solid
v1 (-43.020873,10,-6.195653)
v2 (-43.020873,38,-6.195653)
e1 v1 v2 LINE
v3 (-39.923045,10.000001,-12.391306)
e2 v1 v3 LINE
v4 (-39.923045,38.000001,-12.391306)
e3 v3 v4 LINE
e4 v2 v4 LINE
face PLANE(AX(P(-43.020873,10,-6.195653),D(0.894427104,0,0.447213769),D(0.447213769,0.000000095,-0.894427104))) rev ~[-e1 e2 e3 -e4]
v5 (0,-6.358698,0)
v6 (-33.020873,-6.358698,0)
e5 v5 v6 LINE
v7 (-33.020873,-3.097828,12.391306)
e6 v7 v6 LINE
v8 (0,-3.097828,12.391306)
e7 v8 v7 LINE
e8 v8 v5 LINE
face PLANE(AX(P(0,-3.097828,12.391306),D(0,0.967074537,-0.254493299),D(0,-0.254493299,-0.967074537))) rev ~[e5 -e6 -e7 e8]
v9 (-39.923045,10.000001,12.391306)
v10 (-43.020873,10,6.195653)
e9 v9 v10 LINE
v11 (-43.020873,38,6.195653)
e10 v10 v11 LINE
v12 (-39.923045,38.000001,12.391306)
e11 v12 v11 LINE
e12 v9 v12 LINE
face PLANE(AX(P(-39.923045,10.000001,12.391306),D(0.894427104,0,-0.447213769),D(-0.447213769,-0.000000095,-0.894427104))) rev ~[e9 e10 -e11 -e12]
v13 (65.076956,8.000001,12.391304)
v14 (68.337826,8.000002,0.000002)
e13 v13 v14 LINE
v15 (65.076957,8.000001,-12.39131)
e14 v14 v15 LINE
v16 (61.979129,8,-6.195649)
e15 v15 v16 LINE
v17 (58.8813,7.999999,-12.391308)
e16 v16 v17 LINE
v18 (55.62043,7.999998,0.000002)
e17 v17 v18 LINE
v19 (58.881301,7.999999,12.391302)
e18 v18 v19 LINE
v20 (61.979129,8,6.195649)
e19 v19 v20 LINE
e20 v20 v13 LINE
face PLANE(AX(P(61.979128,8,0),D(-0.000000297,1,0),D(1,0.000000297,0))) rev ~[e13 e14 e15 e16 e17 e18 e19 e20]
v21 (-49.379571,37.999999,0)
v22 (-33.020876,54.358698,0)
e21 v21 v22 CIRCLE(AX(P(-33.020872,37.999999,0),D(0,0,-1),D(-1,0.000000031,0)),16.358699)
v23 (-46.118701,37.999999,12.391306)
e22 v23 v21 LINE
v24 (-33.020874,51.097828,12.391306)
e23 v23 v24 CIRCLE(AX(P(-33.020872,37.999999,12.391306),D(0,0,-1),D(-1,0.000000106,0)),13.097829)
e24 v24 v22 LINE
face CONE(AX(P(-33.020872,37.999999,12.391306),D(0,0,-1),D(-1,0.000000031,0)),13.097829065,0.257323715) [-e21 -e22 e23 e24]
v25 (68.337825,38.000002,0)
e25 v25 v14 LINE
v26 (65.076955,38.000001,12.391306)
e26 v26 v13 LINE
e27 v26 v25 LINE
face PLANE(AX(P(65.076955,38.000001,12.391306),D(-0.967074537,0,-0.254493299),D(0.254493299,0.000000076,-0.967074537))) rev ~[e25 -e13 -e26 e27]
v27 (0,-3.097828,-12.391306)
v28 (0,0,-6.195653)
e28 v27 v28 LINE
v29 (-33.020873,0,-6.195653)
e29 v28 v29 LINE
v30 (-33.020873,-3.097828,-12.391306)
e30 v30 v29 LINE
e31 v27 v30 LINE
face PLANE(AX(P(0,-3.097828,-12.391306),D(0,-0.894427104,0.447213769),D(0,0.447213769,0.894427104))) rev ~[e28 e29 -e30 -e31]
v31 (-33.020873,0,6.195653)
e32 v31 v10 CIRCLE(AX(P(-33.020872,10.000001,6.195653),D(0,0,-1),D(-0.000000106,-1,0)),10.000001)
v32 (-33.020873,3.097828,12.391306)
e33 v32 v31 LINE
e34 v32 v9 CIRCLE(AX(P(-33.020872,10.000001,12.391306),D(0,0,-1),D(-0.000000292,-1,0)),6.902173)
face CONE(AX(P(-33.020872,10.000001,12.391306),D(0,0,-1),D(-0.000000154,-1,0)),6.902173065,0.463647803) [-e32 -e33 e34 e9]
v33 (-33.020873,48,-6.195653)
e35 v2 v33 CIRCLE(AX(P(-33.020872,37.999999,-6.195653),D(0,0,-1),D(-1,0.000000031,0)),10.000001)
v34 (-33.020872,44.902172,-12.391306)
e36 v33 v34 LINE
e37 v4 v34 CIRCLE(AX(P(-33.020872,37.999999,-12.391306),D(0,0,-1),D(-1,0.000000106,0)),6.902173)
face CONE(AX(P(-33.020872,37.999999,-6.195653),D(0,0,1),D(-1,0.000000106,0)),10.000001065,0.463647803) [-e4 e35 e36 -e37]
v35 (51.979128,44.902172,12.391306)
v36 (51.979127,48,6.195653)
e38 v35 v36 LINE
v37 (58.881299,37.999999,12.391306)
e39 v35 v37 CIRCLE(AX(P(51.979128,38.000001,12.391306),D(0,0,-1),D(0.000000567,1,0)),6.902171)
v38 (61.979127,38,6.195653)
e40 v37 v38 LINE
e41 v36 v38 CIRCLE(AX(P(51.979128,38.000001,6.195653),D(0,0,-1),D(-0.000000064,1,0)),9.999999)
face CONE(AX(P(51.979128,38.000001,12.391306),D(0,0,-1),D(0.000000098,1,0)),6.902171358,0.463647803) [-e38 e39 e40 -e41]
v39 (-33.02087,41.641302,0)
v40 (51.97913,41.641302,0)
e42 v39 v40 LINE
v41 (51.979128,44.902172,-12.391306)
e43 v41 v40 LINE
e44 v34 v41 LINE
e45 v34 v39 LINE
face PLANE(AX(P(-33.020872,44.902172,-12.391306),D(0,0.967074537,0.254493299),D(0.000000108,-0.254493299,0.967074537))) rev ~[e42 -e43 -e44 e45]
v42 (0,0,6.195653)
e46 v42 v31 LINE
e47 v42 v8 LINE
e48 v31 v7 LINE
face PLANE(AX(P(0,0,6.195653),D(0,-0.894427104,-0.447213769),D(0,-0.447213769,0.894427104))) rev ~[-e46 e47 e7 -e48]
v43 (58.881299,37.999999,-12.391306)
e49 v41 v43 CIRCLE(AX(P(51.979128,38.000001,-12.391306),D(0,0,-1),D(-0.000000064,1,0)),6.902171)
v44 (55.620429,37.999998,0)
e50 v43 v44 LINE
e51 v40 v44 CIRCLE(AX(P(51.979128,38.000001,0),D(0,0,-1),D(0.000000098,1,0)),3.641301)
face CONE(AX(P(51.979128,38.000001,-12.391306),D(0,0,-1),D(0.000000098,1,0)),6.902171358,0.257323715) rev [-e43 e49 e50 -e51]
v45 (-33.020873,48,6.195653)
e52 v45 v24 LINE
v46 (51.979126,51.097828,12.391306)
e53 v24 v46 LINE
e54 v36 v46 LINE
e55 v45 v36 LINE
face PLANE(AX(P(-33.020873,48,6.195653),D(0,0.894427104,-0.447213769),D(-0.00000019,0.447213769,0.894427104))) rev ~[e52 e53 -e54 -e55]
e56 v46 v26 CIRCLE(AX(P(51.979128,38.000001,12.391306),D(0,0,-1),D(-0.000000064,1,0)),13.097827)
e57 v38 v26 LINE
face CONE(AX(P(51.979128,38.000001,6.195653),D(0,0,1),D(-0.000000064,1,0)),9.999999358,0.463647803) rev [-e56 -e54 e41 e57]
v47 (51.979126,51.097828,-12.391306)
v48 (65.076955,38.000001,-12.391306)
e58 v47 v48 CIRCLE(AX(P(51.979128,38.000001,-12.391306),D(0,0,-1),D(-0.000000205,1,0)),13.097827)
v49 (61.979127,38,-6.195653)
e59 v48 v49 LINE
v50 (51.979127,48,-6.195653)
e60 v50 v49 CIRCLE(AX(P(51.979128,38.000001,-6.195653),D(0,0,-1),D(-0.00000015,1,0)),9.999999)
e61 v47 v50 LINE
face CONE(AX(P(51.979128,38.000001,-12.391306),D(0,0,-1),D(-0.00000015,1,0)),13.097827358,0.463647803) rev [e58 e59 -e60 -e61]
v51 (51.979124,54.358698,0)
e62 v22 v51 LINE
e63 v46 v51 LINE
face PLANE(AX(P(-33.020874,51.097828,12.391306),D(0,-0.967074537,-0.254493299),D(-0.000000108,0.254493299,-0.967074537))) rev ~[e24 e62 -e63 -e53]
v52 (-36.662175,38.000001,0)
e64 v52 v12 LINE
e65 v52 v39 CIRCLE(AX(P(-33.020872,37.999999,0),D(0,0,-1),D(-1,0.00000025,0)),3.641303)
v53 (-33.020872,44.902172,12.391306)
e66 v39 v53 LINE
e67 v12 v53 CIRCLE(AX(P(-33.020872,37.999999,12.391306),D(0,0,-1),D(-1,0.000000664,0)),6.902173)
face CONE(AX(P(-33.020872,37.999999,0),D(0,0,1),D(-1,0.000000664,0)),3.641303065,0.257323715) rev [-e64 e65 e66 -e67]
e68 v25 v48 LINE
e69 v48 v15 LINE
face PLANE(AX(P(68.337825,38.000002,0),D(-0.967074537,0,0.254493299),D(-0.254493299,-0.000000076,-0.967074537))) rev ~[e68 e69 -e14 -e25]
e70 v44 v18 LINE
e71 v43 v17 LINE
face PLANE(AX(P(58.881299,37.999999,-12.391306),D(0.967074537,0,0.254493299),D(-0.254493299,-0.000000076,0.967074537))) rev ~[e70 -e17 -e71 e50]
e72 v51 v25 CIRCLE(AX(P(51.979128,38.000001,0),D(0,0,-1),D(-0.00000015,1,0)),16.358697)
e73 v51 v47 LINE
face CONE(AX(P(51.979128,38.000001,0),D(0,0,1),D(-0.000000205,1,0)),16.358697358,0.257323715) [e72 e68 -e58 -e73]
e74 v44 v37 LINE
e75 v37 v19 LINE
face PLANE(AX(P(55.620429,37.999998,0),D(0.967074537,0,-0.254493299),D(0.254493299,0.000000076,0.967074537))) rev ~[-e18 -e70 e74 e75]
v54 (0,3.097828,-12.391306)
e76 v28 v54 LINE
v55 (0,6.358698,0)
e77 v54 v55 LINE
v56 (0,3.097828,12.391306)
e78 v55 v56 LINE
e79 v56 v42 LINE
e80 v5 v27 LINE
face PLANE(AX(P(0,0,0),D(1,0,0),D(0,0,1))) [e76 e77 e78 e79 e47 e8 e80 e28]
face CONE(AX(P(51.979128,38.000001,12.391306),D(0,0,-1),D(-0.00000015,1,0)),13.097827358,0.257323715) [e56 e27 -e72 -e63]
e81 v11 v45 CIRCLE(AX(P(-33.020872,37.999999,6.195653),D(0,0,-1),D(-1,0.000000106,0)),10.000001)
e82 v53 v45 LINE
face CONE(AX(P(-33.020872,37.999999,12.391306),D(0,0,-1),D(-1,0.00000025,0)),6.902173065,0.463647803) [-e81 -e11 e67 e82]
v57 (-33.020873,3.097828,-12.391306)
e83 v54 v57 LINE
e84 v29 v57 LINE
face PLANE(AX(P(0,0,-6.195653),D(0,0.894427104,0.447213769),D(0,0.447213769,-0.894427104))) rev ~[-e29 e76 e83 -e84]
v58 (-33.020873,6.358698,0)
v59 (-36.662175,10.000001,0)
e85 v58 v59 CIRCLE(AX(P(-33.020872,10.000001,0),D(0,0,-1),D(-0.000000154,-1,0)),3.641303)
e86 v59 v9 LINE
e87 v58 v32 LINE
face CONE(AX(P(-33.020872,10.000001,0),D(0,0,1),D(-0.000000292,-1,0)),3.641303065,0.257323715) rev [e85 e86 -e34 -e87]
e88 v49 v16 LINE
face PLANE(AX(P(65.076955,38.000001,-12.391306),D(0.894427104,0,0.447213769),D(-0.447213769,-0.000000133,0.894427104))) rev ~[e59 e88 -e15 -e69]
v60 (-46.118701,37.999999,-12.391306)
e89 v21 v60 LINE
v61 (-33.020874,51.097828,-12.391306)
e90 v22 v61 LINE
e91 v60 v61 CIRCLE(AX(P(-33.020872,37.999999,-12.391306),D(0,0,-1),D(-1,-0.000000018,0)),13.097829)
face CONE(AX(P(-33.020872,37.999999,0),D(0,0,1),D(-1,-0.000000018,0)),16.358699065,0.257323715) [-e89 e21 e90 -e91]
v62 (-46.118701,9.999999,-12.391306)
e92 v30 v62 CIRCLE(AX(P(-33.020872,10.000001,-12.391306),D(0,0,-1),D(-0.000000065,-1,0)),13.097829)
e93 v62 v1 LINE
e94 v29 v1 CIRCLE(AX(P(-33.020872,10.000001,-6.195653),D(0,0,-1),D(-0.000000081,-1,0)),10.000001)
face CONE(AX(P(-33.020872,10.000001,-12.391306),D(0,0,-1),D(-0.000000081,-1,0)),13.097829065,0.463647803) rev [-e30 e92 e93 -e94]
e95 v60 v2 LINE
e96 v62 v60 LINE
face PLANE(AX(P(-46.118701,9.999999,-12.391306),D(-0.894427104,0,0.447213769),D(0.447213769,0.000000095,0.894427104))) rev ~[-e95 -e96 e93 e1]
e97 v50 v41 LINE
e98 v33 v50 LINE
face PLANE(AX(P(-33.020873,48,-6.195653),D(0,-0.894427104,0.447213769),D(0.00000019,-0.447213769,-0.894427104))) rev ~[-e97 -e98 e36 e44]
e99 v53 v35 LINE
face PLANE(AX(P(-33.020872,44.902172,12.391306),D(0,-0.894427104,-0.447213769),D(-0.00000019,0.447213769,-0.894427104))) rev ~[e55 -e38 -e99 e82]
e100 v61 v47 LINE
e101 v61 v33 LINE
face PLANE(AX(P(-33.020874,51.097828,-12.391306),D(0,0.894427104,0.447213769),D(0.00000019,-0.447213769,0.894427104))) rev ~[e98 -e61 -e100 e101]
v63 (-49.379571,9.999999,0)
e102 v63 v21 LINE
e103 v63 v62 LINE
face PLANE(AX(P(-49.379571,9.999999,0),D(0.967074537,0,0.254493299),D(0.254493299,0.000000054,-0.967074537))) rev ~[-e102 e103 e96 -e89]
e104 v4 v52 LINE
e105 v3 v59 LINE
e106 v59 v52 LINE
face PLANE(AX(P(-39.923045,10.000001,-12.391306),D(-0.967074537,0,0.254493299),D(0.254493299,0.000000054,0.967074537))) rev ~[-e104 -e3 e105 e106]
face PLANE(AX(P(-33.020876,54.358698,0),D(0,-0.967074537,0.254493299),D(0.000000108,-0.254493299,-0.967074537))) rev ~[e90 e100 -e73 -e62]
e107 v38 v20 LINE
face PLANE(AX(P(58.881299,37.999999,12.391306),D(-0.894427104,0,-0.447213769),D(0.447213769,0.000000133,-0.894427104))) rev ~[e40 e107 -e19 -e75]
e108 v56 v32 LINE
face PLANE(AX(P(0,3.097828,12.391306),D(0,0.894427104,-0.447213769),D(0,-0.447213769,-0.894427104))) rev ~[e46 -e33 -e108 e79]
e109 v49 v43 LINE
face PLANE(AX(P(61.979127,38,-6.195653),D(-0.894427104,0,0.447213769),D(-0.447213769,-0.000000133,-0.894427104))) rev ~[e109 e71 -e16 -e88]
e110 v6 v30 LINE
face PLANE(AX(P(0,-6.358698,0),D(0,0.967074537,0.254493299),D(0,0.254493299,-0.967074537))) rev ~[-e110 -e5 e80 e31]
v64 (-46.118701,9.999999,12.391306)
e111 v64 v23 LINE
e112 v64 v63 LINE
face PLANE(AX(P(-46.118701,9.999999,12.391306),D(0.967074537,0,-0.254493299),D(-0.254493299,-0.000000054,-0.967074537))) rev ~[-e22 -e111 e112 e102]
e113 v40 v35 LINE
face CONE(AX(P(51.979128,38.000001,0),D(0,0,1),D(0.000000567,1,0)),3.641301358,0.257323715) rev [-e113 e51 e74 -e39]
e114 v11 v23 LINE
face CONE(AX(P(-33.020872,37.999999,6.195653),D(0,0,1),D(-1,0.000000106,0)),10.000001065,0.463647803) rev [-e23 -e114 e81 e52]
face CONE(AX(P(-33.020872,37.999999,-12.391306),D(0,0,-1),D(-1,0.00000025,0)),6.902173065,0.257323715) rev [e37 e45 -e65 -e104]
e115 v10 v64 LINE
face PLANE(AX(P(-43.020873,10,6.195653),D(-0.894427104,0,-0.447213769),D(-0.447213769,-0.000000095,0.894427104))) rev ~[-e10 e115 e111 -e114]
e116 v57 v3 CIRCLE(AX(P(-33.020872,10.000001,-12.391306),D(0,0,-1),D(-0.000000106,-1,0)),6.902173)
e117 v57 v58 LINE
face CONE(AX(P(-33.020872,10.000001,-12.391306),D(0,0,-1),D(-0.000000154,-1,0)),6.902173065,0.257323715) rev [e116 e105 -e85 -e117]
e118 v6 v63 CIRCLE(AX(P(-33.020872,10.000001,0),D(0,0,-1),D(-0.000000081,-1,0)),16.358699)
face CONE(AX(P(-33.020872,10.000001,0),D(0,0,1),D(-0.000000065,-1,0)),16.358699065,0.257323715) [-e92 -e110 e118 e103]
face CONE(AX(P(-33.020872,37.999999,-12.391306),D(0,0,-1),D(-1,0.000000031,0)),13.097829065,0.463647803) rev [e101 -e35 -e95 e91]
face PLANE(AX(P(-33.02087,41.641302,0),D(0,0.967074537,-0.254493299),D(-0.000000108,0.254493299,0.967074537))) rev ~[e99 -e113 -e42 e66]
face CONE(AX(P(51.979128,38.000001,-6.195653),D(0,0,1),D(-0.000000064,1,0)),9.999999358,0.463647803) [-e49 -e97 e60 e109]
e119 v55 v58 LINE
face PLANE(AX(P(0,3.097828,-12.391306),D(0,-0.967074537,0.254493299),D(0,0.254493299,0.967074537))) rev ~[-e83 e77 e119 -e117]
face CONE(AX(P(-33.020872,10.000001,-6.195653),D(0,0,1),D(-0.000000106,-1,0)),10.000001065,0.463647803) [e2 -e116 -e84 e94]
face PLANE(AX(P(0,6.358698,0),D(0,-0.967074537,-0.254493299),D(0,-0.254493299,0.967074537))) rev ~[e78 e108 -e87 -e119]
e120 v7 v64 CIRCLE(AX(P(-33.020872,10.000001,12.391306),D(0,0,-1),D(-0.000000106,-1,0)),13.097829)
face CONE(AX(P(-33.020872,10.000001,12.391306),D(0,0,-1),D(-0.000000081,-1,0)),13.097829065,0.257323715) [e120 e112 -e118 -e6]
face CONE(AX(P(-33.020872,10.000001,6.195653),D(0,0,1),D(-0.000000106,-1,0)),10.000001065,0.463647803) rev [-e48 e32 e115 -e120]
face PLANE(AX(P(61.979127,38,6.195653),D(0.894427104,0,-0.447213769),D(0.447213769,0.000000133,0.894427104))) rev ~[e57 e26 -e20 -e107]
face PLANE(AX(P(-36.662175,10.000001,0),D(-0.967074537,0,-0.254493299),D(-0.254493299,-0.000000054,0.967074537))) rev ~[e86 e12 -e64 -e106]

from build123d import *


with BuildPart() as f2:
    # F2: sweep along a path in F1
    with BuildLine(Plane.XY) as f2_path:
        Line((0, 0), (-33.020873, 0))
        ThreePointArc((-33.020873, 0), (-40.09194, 2.928932), (-43.020873, 10))
        Line((-43.020873, 10), (-43.020873, 38))
        ThreePointArc((-43.020873, 38), (-40.09194, 45.071068), (-33.020873, 48))
        Line((-33.020873, 48), (51.979127, 48))
        ThreePointArc((51.979127, 48), (59.050195, 45.071068), (61.979127, 38))
        Line((61.979127, 38), (61.979127, 8))
    # F0 (on Right) → F2 (sweep)
    with BuildSketch(Plane.YZ):
        Polygon((0, 6.195653), (-3.097828, 12.391306), (-6.358698, 0), (-3.097828, -12.391306), (0, -6.195653), (3.097828, -12.391306), (6.358698, 0), (3.097828, 12.391306), align=None)
    sweep(path=f2_path.line)


solid = f2.part
